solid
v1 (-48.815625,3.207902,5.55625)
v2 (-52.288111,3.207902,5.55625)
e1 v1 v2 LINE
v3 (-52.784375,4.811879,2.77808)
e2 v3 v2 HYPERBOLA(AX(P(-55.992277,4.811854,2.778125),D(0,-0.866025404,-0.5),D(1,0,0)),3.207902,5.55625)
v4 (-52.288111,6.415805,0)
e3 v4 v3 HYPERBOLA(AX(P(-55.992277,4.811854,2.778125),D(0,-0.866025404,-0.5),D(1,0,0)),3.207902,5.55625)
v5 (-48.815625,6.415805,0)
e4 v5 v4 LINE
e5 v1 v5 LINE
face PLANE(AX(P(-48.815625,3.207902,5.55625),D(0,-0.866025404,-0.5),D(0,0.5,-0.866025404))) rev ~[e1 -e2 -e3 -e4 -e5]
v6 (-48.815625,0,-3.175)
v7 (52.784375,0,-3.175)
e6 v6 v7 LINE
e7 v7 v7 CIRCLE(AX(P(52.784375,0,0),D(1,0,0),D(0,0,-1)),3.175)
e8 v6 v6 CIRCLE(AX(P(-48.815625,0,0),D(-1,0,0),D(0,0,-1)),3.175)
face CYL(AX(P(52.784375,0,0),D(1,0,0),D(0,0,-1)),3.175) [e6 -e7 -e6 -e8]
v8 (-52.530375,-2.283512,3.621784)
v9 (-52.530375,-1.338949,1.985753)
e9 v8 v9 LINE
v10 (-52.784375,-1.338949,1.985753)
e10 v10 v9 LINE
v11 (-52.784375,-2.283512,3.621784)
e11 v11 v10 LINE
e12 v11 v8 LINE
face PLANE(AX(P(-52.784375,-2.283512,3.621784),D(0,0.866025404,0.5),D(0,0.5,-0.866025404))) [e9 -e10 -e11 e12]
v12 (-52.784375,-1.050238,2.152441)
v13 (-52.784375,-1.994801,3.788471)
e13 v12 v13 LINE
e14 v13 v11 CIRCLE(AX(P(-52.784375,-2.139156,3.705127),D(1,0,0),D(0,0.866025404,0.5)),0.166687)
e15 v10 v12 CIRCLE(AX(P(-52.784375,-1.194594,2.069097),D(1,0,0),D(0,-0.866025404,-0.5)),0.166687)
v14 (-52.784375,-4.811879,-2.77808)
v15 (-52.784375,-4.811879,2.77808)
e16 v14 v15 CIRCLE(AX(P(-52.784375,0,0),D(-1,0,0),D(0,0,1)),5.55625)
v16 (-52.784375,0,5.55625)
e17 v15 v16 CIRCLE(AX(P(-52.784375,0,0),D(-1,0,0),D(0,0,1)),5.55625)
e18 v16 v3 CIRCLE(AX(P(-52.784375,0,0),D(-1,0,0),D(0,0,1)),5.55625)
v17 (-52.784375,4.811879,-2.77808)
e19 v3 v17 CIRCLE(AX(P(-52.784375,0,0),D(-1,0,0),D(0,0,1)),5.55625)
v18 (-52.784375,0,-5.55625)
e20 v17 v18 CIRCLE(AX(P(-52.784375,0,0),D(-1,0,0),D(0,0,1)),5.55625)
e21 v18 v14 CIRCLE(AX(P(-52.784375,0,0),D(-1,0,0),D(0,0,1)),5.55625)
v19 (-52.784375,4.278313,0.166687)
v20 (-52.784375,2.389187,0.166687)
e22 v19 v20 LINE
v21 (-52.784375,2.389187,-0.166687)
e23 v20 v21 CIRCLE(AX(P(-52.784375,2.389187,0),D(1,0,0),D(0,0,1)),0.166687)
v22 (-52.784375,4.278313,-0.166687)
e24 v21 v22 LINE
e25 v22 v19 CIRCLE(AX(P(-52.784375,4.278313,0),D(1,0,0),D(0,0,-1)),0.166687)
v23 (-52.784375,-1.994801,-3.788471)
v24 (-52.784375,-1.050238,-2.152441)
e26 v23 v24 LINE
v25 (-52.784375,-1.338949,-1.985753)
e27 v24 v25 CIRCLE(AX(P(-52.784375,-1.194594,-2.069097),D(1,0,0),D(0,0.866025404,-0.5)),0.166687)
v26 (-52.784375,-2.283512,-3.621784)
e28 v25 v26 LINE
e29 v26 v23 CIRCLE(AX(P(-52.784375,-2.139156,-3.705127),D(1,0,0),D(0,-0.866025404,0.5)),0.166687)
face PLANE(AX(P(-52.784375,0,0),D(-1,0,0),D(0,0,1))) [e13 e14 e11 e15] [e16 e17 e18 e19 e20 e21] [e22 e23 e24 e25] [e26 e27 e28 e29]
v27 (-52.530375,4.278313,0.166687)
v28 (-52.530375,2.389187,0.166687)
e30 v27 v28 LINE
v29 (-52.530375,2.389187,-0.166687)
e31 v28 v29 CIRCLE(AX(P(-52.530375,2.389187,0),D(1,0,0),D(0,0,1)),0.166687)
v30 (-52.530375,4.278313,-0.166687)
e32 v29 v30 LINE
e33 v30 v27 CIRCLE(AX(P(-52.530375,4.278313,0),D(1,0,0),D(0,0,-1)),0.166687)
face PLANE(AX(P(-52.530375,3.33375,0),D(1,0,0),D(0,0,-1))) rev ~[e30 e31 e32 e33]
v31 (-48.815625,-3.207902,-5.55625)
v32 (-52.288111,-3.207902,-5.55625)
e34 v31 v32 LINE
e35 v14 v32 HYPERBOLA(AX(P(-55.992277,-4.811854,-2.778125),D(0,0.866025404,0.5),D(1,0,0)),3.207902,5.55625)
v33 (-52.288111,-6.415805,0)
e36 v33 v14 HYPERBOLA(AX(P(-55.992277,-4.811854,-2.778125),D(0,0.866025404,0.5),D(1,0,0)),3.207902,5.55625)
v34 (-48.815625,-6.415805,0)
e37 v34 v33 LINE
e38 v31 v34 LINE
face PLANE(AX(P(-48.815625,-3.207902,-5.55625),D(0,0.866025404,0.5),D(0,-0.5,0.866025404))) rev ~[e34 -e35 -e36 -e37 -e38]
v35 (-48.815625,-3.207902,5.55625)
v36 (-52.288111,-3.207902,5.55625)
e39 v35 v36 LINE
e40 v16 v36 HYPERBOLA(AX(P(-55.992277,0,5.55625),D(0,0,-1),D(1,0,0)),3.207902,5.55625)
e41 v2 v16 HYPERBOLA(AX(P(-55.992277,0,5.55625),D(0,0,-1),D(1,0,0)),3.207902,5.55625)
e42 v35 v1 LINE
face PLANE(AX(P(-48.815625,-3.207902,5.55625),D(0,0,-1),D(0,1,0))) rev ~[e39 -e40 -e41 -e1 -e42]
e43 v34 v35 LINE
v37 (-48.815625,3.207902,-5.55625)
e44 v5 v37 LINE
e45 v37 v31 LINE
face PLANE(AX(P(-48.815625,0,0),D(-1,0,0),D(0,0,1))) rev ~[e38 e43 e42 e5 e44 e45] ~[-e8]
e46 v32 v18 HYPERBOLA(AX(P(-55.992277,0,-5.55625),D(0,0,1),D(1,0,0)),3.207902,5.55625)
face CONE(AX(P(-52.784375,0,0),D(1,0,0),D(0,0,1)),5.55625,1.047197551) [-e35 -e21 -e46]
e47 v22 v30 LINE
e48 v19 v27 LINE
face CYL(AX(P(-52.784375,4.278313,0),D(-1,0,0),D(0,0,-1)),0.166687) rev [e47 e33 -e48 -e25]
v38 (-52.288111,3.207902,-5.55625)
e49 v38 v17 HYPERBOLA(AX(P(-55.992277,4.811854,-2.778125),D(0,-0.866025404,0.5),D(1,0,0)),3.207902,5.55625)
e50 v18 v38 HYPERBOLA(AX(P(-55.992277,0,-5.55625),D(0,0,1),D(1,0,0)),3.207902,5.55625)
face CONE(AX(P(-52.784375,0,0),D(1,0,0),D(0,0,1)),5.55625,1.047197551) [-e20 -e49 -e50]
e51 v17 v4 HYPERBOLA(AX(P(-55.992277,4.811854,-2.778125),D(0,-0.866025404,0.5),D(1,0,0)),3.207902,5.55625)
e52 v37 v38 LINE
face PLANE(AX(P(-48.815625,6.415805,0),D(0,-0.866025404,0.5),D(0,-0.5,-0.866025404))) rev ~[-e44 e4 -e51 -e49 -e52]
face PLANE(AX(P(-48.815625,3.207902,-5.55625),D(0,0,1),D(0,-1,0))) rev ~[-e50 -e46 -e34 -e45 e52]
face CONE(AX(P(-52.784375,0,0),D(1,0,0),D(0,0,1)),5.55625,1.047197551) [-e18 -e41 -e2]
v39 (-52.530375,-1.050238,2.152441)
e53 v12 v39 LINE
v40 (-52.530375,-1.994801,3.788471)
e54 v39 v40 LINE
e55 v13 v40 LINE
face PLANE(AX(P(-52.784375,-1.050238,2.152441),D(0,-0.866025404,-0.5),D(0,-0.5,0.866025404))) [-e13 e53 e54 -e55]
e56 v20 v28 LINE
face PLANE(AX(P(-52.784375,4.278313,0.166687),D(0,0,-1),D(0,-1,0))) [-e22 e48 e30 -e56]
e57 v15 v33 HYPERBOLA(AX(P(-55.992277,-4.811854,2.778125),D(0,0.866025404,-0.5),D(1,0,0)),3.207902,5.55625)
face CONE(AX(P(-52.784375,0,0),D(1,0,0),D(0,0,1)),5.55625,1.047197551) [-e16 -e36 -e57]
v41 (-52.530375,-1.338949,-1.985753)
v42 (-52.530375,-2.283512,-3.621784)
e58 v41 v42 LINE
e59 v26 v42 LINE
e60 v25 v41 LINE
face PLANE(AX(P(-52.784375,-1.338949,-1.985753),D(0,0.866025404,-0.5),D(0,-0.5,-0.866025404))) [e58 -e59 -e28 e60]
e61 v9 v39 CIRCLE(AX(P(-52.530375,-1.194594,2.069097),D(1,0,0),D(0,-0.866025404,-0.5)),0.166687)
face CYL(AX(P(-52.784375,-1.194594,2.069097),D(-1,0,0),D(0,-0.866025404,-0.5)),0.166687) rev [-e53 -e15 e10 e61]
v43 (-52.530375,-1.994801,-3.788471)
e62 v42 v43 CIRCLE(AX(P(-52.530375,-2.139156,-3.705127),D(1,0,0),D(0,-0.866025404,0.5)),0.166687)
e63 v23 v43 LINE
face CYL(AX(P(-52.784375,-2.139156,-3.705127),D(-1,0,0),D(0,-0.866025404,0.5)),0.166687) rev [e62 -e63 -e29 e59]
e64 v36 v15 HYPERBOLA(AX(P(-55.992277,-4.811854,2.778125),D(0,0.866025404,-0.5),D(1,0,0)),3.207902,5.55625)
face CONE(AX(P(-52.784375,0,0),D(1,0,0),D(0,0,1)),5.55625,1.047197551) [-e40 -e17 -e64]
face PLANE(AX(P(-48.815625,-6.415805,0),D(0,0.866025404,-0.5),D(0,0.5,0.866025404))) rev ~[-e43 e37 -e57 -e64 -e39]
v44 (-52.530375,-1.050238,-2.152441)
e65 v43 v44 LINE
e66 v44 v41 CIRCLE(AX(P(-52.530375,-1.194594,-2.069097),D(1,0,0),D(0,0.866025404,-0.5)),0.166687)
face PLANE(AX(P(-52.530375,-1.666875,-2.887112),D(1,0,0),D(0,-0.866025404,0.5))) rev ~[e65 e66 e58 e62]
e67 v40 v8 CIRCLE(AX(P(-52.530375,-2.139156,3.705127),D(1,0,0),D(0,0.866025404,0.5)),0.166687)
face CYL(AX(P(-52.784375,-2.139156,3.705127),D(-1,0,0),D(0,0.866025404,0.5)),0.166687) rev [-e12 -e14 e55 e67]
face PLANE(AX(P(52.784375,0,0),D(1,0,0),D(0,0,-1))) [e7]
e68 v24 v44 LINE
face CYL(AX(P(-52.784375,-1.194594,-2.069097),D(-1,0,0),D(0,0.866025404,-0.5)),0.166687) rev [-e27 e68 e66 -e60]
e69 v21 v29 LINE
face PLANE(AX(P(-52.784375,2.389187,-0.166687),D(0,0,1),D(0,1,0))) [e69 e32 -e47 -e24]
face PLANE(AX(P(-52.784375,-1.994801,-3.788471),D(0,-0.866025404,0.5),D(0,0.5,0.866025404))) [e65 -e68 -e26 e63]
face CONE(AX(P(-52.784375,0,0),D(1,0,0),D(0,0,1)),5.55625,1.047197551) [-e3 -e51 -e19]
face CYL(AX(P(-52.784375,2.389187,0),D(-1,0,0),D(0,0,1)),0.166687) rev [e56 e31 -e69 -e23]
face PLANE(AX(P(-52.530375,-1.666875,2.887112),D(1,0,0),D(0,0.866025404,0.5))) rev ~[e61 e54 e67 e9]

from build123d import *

# Parameters (mm, degrees)
SKETCH5_R           = 3.175
BOSS_EXTRUDE3_DEPTH = 101.6
BOSS_EXTRUDE4_DEPTH = 3.96875
SKETCH8_OUTSIDE_W   = 404.842
SKETCH8_OUTSIDE_H   = 406.562
SKETCH8_OUTSIDE_R   = 5.55625
CUT_EXTRUDE3_DEPTH  = 106.909373724
CUT_EXTRUDE3_DRAFT  = -60
CUT_EXTRUDE4_DEPTH  = 0.254
CIRPATTERN1_COUNT   = 3


with BuildPart() as part:
    # Sketch5 → Boss-Extrude3 (new body)
    with BuildSketch(Plane(origin=(52.784375, 0, 0), x_dir=(0, 0, -1), z_dir=(1, 0, 0))):
        Circle(SKETCH5_R)
    extrude(amount=-BOSS_EXTRUDE3_DEPTH)

    # Sketch11 → Revolve1 (revolve)
    with BuildSketch(Plane.XY):
        Polygon((-48.815625, 3.175), (-48.815625, 0), (36.909375, 0), (33.734375, 3.175), align=None)
    revolve(axis=Axis((-48.815625, 0, 0), (1, 0, 0)))

    # Sketch6 → Boss-Extrude4 (add)
    with BuildSketch(Plane.ZY.offset(48.815625)):
        Polygon((5.55625, 3.207902433), (0, 6.415804866), (-5.55625, 3.207902433), (-5.55625, -3.207902433), (0, -6.415804866), (5.55625, -3.207902433), align=None)
    extrude(amount=BOSS_EXTRUDE4_DEPTH)


with BuildPart() as cut_extrude3_tool:
    # Sketch8 outside → Cut-Extrude3 (with draft: the straight prism first)
    with BuildSketch(Plane.ZY.offset(52.784375)):
        Rectangle(SKETCH8_OUTSIDE_W, SKETCH8_OUTSIDE_H)
        Circle(SKETCH8_OUTSIDE_R, mode=Mode.SUBTRACT)
    extrude(amount=-CUT_EXTRUDE3_DEPTH)
    # Cut-Extrude3: the draft: its side faces are tilted about the plane it starts from
    cut_extrude3_sides = [cut_extrude3_tool.faces().sort_by_distance(p)[0] for p in [
        (0.670311862, -203.281, 0),
        (0.670311862, 0, 202.421),
        (0.670311862, 203.281, 0),
        (0.670311862, 0, -202.421),
        (0.670311862, 0, -5.55625),
    ]]
    draft(cut_extrude3_sides, Plane.ZY.offset(52.784375), CUT_EXTRUDE3_DRAFT)


with BuildPart() as part_1:
    add(part.part)

    # Cut-Extrude3: cut by cut_extrude3_tool
    add(cut_extrude3_tool.part, mode=Mode.SUBTRACT)

    # Sketch12 → Cut-Extrude4 (cut)
    with BuildSketch(Plane.ZY.offset(52.784375)):
        with BuildLine():
            Line((0.1666875, 4.2783125), (0.1666875, 2.3891875))
            ThreePointArc((0.1666875, 2.3891875), (0, 2.2225), (-0.1666875, 2.3891875))
            Line((-0.1666875, 2.3891875), (-0.1666875, 4.2783125))
            ThreePointArc((-0.1666875, 4.2783125), (0, 4.445), (0.1666875, 4.2783125))
        make_face()
    cut_extrude4 = extrude(amount=-CUT_EXTRUDE4_DEPTH, mode=Mode.SUBTRACT)

    # CirPattern1: Cut-Extrude4 ×3 about axis
    cirpattern1_axis = Axis((0, 0, 0), (1, 0, 0))
    for i in range(1, CIRPATTERN1_COUNT):
        add(cut_extrude4.rotate(cirpattern1_axis, i * 360 / CIRPATTERN1_COUNT), mode=Mode.SUBTRACT)


solid = part_1.part
